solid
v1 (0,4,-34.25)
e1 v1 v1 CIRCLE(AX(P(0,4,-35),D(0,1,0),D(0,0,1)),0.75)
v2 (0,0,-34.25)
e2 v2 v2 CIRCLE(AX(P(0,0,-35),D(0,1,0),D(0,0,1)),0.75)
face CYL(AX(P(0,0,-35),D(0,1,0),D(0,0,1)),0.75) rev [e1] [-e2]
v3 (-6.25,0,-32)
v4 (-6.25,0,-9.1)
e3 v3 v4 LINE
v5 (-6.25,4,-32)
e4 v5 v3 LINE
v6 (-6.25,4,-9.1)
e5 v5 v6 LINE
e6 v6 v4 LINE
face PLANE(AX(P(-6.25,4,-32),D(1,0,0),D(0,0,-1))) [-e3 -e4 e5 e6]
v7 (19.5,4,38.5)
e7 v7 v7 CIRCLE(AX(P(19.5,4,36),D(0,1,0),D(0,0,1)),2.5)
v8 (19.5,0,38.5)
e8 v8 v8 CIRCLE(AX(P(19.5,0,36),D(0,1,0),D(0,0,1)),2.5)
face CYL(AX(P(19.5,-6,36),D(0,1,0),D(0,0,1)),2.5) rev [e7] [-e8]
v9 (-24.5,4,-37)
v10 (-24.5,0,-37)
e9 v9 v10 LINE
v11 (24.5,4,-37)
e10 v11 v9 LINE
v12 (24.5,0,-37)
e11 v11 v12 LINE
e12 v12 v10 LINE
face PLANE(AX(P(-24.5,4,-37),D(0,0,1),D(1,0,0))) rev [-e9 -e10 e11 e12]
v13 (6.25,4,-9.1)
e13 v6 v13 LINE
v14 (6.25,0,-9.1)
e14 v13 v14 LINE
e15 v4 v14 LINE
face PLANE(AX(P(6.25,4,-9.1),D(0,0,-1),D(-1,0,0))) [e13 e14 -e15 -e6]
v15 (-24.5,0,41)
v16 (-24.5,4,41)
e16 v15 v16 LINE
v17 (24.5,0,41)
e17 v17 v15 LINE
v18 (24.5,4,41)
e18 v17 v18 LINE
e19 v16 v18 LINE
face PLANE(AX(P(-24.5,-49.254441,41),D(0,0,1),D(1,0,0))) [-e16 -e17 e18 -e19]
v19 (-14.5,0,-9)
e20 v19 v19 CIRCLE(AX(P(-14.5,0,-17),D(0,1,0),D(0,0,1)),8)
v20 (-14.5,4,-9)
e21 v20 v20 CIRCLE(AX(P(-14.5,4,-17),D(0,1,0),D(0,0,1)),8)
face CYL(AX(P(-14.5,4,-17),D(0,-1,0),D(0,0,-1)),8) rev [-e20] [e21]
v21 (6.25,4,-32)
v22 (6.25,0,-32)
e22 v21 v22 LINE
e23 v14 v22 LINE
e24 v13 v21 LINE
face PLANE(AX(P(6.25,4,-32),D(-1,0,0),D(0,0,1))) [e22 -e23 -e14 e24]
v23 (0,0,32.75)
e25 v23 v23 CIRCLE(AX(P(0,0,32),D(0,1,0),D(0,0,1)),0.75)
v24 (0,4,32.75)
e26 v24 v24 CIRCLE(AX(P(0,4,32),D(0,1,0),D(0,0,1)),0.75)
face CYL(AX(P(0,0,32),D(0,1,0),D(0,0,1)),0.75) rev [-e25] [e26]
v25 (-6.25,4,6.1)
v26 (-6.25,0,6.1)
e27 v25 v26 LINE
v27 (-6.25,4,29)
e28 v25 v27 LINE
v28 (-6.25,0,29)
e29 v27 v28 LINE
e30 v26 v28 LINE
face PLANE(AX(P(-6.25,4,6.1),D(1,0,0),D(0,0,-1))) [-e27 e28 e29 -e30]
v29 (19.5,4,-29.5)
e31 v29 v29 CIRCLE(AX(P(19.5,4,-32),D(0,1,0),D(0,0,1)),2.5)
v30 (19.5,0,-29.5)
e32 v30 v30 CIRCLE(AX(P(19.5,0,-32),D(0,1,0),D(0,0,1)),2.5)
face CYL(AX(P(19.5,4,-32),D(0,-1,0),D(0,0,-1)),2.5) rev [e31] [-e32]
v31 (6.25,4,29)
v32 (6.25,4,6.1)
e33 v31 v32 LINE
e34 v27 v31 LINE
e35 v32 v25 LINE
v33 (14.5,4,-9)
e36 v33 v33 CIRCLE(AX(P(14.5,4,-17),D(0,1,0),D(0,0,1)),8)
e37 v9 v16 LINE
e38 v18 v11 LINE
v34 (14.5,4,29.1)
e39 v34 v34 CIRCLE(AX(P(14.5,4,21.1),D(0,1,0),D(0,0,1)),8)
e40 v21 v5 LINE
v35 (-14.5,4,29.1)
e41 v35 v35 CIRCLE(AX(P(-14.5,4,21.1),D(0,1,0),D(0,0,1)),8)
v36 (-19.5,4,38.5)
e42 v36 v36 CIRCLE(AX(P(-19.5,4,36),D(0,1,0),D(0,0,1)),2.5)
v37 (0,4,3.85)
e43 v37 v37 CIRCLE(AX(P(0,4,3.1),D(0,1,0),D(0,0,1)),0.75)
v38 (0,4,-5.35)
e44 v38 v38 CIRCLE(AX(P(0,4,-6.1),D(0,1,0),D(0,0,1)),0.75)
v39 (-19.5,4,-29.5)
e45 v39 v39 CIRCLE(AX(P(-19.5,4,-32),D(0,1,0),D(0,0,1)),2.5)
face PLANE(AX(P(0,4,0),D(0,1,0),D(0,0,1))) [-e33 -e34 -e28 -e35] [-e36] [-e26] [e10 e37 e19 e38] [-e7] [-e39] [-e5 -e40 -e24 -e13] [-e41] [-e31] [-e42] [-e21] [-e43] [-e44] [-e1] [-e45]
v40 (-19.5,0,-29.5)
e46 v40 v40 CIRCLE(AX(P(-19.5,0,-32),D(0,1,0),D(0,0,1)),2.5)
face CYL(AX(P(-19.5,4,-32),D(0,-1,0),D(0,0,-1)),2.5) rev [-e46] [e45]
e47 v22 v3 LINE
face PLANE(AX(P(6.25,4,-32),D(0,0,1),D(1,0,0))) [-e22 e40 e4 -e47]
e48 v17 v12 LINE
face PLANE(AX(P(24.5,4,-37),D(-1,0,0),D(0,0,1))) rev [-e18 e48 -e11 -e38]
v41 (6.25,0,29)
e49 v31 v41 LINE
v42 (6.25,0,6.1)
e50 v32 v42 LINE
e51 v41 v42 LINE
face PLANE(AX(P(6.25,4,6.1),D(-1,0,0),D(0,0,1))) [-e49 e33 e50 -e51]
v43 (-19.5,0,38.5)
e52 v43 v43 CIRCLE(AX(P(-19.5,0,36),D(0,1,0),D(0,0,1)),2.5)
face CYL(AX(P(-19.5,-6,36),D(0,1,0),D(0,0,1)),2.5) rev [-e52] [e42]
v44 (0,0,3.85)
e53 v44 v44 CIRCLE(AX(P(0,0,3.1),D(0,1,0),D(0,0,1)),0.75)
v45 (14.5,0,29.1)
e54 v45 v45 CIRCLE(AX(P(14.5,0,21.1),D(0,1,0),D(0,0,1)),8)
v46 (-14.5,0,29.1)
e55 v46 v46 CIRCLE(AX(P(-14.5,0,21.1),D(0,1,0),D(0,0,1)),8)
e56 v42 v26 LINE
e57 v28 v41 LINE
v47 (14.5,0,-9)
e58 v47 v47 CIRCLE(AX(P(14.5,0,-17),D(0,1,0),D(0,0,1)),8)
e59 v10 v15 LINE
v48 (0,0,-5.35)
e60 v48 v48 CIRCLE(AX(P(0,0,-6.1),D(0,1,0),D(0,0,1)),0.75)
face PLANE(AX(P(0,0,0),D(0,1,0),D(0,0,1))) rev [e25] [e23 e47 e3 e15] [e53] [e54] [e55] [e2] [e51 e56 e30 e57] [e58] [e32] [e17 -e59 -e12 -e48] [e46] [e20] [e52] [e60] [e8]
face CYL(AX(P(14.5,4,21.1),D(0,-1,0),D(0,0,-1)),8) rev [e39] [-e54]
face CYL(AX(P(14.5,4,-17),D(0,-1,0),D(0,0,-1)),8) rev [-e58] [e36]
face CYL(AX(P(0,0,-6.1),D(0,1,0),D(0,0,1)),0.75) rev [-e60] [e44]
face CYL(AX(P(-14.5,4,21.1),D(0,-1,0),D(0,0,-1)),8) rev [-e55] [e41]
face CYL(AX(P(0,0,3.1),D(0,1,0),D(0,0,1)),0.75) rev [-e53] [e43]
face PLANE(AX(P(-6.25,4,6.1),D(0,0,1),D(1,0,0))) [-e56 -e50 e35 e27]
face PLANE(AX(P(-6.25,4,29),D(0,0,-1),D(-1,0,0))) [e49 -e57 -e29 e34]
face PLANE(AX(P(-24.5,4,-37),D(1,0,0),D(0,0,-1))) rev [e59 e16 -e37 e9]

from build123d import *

# Parameters (mm, degrees)
CROQUIS1_W              = 49
CROQUIS1_H              = 73
CROQUIS1_R              = 8
CROQUIS1_R_2            = 2.5
CROQUIS1_W_2            = 12.5
CROQUIS1_H_2            = 22.9
SALIENTE_EXTRUIR4_DEPTH = 4
CROQUIS5_R              = 0.75
CORTAR_EXTRUIR1_DEPTH   = 4
CROQUIS7_W              = 49
CROQUIS7_H              = 5
SALIENTE_EXTRUIR5_DEPTH = 4
CROQUIS8_R              = 2.5
CORTAR_EXTRUIR2_DEPTH   = 10


with BuildPart() as part:
    # Croquis1 → Saliente-Extruir4 (new body)
    with BuildSketch(Plane(origin=(0, 0, 0), x_dir=(1, 0, 0), z_dir=(0, 1, 0))):
        with Locations((0, 0.5)):
            Rectangle(CROQUIS1_W, CROQUIS1_H)
        with Locations((14.5, -21.1)):
            Circle(CROQUIS1_R, mode=Mode.SUBTRACT)
        with Locations((-14.5, -21.1)):
            Circle(CROQUIS1_R, mode=Mode.SUBTRACT)
        with Locations((-14.5, 17)):
            Circle(CROQUIS1_R, mode=Mode.SUBTRACT)
        with Locations((14.5, 17)):
            Circle(CROQUIS1_R, mode=Mode.SUBTRACT)
        with Locations((-19.5, 32)):
            Circle(CROQUIS1_R_2, mode=Mode.SUBTRACT)
        with Locations((19.5, 32)):
            Circle(CROQUIS1_R_2, mode=Mode.SUBTRACT)
        with Locations((0, -17.55)):
            Rectangle(CROQUIS1_W_2, CROQUIS1_H_2, mode=Mode.SUBTRACT)
        with Locations((0, 20.55)):
            Rectangle(CROQUIS1_W_2, CROQUIS1_H_2, mode=Mode.SUBTRACT)
    extrude(amount=SALIENTE_EXTRUIR4_DEPTH)

    # Croquis5 → Cortar-Extruir1 (cut)
    with BuildSketch(Plane(origin=(0, 4, 0), x_dir=(1, 0, 0), z_dir=(0, 1, 0))):
        with Locations((0, 35)):
            Circle(CROQUIS5_R)
        with Locations((0, 6.1)):
            Circle(CROQUIS5_R)
        with Locations((0, -3.1)):
            Circle(CROQUIS5_R)
        with Locations((0, -32)):
            Circle(CROQUIS5_R)
    extrude(amount=-CORTAR_EXTRUIR1_DEPTH, mode=Mode.SUBTRACT)

    # Croquis7 → Saliente-Extruir5 (add)
    with BuildSketch(Plane(origin=(0, 4, 0), x_dir=(1, 0, 0), z_dir=(0, 1, 0))):
        with Locations((0, -38.5)):
            Rectangle(CROQUIS7_W, CROQUIS7_H)
    extrude(amount=-SALIENTE_EXTRUIR5_DEPTH)

    # Croquis8 → Cortar-Extruir2 (cut)
    with BuildSketch(Plane(origin=(0, 4, 0), x_dir=(1, 0, 0), z_dir=(0, 1, 0))):
        with Locations((-19.5, -36)):
            Circle(CROQUIS8_R)
        with Locations((19.5, -36)):
            Circle(CROQUIS8_R)
    extrude(amount=-CORTAR_EXTRUIR2_DEPTH, mode=Mode.SUBTRACT)


solid = part.part
